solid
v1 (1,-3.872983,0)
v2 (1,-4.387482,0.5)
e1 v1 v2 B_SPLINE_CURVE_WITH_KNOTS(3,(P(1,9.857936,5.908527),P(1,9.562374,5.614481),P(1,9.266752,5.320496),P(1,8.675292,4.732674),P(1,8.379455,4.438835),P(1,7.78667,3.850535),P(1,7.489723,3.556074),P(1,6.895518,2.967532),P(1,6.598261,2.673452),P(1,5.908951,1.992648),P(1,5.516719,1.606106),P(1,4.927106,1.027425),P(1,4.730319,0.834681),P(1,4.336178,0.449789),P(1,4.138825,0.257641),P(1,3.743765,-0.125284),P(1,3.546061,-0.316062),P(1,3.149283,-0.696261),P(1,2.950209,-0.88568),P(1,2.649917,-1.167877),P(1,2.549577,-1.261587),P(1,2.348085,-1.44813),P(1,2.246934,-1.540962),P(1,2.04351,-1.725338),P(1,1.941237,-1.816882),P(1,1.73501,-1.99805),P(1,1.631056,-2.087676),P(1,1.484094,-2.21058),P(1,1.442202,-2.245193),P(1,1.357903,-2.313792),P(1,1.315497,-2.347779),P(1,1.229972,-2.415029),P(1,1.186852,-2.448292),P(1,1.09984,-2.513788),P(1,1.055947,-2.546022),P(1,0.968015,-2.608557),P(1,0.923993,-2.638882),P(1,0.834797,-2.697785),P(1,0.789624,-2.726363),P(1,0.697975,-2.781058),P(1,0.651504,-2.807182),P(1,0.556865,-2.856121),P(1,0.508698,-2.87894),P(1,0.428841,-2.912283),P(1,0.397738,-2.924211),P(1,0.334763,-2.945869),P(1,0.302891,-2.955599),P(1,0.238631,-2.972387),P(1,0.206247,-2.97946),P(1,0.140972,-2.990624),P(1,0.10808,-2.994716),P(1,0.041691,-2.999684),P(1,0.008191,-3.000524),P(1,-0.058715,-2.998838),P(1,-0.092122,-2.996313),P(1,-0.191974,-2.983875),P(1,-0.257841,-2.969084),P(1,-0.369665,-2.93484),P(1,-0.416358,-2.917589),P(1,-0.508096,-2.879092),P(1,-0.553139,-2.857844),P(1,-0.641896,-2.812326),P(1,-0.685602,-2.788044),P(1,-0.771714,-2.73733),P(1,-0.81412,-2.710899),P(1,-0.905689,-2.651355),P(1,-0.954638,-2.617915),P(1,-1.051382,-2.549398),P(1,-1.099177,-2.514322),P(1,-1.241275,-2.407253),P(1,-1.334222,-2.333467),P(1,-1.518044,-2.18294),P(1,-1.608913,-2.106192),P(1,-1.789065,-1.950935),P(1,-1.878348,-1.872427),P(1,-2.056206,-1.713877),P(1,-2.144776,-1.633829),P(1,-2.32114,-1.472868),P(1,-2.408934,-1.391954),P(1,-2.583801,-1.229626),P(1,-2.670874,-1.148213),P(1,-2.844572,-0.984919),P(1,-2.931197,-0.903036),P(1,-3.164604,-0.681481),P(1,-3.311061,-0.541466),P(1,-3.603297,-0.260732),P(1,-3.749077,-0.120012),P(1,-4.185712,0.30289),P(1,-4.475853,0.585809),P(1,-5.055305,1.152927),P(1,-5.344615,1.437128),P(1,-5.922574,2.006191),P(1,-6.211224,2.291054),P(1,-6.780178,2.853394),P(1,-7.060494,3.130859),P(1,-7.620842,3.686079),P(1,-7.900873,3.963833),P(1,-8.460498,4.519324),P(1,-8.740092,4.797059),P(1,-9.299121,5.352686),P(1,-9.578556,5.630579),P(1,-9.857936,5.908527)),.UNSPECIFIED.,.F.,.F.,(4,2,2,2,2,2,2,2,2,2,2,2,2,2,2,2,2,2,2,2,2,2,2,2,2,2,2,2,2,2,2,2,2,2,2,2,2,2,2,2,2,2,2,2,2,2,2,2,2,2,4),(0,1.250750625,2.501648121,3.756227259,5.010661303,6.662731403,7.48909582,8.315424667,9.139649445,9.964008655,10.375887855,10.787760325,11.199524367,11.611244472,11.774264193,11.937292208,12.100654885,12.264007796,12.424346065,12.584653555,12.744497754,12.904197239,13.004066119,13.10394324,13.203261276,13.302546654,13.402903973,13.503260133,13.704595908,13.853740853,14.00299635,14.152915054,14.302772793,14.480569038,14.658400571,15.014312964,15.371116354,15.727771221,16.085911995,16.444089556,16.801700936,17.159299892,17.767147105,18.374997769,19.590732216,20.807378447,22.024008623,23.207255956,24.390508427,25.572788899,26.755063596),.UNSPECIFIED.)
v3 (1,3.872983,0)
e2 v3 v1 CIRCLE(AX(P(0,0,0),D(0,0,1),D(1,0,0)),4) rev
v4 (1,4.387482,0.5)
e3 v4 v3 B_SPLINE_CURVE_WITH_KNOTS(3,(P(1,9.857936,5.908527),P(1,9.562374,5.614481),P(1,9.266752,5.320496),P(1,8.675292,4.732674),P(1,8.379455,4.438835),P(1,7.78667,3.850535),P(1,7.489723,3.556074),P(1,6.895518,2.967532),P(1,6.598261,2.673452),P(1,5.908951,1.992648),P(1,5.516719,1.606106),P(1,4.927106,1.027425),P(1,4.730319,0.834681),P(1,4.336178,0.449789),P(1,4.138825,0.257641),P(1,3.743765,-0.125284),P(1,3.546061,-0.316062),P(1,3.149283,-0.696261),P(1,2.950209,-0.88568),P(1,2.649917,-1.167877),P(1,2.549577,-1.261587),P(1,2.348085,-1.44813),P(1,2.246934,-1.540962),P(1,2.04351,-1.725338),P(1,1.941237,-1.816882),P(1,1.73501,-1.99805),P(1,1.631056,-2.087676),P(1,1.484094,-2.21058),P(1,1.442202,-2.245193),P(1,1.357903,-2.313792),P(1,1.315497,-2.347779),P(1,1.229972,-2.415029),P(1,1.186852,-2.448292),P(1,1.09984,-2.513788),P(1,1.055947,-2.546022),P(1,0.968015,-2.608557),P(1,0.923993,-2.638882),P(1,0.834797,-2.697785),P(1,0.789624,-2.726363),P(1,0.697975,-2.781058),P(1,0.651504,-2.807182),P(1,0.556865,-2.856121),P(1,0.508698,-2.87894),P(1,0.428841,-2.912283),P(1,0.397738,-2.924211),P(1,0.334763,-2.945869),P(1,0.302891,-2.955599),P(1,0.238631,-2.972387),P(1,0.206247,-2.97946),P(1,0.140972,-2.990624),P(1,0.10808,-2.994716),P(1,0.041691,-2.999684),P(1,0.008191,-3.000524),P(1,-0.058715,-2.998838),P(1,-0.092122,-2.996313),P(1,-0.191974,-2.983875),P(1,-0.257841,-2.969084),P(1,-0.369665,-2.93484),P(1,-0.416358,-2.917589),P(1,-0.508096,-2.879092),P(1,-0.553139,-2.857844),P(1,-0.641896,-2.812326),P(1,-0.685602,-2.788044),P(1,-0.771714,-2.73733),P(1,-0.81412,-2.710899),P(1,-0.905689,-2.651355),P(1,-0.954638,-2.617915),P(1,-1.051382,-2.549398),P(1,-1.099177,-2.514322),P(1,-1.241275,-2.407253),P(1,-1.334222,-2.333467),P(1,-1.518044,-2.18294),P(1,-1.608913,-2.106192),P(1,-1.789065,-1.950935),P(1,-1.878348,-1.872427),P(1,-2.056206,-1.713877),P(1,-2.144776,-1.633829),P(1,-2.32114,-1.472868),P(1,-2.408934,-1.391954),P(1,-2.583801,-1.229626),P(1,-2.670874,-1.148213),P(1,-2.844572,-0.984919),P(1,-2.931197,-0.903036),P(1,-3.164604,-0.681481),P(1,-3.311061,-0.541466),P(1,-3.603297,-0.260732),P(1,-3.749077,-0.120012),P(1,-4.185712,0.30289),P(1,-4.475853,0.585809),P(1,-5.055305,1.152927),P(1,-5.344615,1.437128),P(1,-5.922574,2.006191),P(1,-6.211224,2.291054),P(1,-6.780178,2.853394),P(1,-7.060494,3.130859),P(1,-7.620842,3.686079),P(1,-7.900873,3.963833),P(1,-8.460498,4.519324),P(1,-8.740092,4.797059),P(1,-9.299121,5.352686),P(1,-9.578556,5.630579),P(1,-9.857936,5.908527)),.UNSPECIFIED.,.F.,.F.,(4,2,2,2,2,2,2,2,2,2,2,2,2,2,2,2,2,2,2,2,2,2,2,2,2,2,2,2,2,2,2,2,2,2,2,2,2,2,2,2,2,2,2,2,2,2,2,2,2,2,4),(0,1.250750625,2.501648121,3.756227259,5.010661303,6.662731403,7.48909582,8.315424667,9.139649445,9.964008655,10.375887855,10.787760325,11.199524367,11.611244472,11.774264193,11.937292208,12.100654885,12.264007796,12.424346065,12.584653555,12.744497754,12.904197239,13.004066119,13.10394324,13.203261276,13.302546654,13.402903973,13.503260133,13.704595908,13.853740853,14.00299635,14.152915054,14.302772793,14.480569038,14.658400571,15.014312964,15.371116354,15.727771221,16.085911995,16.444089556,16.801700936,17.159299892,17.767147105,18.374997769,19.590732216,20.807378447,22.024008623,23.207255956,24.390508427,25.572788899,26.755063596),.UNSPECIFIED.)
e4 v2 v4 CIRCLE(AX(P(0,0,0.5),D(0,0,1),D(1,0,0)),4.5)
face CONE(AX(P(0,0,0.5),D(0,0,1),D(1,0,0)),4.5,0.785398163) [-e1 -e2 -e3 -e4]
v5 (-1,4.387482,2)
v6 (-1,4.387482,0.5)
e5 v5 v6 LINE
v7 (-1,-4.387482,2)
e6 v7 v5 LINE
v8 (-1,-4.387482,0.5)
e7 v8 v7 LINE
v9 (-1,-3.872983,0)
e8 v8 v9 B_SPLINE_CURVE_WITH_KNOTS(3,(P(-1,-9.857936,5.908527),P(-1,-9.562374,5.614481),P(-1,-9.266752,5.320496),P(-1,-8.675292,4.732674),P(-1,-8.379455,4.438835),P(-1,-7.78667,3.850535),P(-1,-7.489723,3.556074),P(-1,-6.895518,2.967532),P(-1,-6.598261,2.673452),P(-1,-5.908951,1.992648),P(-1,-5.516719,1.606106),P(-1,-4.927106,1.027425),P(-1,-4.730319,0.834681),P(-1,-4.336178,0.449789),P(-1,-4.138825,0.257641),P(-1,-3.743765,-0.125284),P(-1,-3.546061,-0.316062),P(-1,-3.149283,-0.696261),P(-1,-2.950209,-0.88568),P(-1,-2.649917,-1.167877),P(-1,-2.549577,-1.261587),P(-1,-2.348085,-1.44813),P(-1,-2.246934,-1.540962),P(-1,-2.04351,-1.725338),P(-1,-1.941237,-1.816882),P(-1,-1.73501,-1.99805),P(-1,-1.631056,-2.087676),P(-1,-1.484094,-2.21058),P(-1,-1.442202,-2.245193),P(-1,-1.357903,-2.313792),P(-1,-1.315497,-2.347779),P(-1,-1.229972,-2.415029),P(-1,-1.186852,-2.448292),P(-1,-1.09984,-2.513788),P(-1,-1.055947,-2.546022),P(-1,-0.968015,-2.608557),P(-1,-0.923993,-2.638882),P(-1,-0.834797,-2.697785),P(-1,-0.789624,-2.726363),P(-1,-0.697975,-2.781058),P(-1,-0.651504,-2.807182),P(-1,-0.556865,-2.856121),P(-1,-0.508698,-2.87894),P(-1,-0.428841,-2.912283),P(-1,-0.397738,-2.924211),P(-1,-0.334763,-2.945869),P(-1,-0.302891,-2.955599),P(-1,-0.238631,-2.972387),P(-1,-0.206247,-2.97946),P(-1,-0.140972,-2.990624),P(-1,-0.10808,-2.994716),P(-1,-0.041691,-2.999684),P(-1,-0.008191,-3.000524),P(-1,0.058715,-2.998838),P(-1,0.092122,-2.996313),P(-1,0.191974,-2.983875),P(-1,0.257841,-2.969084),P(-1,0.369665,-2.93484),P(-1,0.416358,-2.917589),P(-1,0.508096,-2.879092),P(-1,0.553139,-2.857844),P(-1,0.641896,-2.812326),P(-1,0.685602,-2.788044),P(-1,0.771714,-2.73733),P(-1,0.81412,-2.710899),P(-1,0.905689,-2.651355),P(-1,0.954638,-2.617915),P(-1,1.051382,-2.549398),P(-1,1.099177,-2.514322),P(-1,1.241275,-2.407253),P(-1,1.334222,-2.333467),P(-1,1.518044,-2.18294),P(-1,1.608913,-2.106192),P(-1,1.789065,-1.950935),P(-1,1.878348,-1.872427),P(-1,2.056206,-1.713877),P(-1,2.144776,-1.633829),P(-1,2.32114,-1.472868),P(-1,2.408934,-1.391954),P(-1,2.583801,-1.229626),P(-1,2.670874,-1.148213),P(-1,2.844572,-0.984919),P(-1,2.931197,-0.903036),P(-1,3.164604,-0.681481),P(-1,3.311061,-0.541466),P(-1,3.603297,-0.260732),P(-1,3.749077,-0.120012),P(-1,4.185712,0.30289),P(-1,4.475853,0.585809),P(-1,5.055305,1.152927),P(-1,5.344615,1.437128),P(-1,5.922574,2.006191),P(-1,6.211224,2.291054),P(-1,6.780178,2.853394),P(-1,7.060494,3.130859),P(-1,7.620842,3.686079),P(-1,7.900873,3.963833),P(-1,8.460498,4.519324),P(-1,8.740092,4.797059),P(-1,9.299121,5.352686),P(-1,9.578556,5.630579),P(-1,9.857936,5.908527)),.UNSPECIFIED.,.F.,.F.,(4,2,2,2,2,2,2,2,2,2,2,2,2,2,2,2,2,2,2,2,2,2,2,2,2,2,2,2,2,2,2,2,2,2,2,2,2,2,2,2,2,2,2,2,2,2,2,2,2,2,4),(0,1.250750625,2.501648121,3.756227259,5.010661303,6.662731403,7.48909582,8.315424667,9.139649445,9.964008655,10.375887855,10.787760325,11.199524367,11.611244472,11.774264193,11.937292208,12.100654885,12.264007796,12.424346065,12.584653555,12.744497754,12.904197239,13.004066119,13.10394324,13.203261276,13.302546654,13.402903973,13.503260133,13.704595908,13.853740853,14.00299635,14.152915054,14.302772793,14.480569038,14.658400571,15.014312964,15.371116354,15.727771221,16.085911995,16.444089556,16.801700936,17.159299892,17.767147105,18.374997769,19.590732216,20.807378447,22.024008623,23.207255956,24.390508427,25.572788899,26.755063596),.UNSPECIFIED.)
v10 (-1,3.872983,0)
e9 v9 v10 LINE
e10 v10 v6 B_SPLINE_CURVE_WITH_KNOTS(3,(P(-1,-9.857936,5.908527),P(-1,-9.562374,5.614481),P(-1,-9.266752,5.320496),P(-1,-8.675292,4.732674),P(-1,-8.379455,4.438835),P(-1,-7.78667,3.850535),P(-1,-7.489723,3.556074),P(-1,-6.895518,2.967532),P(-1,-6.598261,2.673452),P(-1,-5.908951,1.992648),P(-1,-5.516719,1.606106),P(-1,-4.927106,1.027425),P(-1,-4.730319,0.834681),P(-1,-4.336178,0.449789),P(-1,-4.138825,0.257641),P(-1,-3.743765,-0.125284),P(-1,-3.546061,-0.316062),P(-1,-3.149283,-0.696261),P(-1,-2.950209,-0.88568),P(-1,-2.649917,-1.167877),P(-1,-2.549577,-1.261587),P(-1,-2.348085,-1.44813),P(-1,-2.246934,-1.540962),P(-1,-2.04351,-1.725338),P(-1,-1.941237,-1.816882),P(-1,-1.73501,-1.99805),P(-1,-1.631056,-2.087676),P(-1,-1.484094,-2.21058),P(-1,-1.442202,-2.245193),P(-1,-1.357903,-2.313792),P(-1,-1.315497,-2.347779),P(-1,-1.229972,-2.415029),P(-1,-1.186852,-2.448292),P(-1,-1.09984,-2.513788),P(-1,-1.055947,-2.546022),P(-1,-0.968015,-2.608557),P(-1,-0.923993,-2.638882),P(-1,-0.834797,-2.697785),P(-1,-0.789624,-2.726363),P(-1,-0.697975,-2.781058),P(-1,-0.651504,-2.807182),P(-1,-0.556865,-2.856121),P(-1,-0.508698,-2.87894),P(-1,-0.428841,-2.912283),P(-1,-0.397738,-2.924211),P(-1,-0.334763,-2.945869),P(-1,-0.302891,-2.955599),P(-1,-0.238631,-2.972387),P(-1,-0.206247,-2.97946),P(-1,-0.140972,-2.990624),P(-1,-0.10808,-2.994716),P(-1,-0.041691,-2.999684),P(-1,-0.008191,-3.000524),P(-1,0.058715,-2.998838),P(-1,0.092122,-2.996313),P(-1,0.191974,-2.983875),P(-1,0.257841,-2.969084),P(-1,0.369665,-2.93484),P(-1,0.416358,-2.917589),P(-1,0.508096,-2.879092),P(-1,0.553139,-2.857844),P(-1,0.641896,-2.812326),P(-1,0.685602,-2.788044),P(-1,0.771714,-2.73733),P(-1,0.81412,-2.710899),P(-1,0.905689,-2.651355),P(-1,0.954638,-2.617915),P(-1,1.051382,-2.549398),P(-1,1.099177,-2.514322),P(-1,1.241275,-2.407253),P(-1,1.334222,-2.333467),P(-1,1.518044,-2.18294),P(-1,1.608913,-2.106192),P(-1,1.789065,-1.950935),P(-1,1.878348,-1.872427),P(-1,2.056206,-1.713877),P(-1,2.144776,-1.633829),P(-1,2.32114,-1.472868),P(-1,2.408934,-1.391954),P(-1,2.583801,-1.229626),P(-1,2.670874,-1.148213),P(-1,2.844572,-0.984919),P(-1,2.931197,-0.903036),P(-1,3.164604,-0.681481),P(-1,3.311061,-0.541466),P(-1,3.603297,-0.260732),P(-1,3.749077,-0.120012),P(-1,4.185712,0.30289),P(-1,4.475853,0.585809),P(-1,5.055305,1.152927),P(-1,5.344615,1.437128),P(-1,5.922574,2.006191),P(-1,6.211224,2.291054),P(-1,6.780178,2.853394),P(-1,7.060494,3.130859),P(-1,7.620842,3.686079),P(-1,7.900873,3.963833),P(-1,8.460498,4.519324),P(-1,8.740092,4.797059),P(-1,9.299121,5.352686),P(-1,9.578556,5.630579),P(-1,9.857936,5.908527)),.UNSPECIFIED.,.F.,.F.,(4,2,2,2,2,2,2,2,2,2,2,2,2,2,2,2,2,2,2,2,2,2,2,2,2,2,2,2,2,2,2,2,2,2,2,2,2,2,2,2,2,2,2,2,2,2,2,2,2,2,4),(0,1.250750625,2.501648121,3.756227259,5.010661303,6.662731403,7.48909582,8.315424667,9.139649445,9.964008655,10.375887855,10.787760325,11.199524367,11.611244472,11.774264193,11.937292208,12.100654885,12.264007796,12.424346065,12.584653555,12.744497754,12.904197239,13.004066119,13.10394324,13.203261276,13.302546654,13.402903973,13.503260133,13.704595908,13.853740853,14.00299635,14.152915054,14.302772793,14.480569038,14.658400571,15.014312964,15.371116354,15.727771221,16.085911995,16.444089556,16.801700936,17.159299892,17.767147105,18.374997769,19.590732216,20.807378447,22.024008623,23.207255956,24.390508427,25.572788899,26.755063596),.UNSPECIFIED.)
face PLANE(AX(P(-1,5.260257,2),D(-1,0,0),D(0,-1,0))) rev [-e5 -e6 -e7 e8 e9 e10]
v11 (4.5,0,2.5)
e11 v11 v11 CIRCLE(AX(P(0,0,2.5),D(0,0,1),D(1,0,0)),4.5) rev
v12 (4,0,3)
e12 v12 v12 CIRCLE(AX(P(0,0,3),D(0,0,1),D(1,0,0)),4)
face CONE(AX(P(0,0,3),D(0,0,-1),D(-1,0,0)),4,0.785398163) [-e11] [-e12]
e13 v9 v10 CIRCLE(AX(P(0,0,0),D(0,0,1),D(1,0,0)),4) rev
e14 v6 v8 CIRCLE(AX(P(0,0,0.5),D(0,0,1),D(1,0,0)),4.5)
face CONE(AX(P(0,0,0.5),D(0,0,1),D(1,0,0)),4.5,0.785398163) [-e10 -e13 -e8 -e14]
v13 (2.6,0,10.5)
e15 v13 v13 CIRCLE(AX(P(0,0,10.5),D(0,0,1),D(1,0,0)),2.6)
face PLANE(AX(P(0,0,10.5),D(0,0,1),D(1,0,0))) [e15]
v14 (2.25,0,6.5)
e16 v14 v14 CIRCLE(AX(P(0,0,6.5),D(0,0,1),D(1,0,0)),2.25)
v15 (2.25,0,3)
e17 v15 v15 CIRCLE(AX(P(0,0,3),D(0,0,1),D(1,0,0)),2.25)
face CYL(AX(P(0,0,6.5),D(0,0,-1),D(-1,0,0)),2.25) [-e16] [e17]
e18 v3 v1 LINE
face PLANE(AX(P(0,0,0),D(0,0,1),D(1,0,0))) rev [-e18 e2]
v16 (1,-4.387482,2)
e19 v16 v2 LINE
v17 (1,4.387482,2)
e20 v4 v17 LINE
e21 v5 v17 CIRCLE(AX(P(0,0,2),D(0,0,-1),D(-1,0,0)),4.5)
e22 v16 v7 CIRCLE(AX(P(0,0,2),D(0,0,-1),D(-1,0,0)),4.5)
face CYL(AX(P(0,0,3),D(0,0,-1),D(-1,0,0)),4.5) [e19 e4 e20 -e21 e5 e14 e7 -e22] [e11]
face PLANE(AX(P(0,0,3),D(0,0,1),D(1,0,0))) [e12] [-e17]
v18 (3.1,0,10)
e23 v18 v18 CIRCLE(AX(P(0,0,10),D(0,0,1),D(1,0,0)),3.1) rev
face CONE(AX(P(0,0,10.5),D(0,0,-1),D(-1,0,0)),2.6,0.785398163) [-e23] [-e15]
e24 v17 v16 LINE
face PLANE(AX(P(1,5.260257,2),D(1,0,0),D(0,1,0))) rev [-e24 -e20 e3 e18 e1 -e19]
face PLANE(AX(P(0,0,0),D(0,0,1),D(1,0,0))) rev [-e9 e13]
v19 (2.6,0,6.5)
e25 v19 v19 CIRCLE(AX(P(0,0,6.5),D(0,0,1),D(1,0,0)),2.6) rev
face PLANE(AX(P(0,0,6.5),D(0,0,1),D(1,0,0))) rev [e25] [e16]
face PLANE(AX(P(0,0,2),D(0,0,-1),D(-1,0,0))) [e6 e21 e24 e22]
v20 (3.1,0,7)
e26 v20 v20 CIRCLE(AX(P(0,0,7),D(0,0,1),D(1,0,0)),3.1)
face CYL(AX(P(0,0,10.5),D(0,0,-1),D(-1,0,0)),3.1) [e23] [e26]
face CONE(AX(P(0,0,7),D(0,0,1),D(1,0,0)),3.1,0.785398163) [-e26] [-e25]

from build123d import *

# Parameters (mm, degrees)
SKETCH_1_R          = 4.5
EXTRUDE_1_DEPTH     = 3
SKETCH_2_R          = 2.25
EXTRUDE_2_DEPTH     = 3.5
SKETCH_3_R          = 3.1
EXTRUDE_3_DEPTH     = 4
CHAMFER_1_SIZE      = 0.5
SKETCH_4_W          = 2
SKETCH_4_H          = 10.520514376
CUT_EXTRUDE_1_DEPTH = 2


with BuildPart() as part:
    # Эскиз1 → Бобышка-Вытянуть1 (new body)
    with BuildSketch(Plane.XY):
        Circle(SKETCH_1_R)
    extrude(amount=EXTRUDE_1_DEPTH)

    # Эскиз2 → Бобышка-Вытянуть2 (add)
    with BuildSketch(Plane.XY.offset(3)):
        Circle(SKETCH_2_R)
    extrude(amount=EXTRUDE_2_DEPTH)

    # Эскиз3 → Бобышка-Вытянуть3 (add)
    with BuildSketch(Plane.XY.offset(6.5)):
        Circle(SKETCH_3_R)
    extrude(amount=EXTRUDE_3_DEPTH)

    # Фаска1
    chamfer_1_edges = [part.edges().sort_by_distance(p)[0] for p in [
        (-4.5, 0, 0),
        (-4.5, 0, 3),
        (-3.1, 0, 6.5),
        (-3.1, 0, 10.5),
    ]]
    chamfer(chamfer_1_edges, length=CHAMFER_1_SIZE)

    # Эскиз4 → Вырез-Вытянуть1 (cut)
    with BuildSketch(Plane(origin=(0, 0, 0), x_dir=(-1, 0, 0), z_dir=(0, 0, -1))):
        Rectangle(SKETCH_4_W, SKETCH_4_H)
    extrude(amount=-CUT_EXTRUDE_1_DEPTH, mode=Mode.SUBTRACT)


solid = part.part
